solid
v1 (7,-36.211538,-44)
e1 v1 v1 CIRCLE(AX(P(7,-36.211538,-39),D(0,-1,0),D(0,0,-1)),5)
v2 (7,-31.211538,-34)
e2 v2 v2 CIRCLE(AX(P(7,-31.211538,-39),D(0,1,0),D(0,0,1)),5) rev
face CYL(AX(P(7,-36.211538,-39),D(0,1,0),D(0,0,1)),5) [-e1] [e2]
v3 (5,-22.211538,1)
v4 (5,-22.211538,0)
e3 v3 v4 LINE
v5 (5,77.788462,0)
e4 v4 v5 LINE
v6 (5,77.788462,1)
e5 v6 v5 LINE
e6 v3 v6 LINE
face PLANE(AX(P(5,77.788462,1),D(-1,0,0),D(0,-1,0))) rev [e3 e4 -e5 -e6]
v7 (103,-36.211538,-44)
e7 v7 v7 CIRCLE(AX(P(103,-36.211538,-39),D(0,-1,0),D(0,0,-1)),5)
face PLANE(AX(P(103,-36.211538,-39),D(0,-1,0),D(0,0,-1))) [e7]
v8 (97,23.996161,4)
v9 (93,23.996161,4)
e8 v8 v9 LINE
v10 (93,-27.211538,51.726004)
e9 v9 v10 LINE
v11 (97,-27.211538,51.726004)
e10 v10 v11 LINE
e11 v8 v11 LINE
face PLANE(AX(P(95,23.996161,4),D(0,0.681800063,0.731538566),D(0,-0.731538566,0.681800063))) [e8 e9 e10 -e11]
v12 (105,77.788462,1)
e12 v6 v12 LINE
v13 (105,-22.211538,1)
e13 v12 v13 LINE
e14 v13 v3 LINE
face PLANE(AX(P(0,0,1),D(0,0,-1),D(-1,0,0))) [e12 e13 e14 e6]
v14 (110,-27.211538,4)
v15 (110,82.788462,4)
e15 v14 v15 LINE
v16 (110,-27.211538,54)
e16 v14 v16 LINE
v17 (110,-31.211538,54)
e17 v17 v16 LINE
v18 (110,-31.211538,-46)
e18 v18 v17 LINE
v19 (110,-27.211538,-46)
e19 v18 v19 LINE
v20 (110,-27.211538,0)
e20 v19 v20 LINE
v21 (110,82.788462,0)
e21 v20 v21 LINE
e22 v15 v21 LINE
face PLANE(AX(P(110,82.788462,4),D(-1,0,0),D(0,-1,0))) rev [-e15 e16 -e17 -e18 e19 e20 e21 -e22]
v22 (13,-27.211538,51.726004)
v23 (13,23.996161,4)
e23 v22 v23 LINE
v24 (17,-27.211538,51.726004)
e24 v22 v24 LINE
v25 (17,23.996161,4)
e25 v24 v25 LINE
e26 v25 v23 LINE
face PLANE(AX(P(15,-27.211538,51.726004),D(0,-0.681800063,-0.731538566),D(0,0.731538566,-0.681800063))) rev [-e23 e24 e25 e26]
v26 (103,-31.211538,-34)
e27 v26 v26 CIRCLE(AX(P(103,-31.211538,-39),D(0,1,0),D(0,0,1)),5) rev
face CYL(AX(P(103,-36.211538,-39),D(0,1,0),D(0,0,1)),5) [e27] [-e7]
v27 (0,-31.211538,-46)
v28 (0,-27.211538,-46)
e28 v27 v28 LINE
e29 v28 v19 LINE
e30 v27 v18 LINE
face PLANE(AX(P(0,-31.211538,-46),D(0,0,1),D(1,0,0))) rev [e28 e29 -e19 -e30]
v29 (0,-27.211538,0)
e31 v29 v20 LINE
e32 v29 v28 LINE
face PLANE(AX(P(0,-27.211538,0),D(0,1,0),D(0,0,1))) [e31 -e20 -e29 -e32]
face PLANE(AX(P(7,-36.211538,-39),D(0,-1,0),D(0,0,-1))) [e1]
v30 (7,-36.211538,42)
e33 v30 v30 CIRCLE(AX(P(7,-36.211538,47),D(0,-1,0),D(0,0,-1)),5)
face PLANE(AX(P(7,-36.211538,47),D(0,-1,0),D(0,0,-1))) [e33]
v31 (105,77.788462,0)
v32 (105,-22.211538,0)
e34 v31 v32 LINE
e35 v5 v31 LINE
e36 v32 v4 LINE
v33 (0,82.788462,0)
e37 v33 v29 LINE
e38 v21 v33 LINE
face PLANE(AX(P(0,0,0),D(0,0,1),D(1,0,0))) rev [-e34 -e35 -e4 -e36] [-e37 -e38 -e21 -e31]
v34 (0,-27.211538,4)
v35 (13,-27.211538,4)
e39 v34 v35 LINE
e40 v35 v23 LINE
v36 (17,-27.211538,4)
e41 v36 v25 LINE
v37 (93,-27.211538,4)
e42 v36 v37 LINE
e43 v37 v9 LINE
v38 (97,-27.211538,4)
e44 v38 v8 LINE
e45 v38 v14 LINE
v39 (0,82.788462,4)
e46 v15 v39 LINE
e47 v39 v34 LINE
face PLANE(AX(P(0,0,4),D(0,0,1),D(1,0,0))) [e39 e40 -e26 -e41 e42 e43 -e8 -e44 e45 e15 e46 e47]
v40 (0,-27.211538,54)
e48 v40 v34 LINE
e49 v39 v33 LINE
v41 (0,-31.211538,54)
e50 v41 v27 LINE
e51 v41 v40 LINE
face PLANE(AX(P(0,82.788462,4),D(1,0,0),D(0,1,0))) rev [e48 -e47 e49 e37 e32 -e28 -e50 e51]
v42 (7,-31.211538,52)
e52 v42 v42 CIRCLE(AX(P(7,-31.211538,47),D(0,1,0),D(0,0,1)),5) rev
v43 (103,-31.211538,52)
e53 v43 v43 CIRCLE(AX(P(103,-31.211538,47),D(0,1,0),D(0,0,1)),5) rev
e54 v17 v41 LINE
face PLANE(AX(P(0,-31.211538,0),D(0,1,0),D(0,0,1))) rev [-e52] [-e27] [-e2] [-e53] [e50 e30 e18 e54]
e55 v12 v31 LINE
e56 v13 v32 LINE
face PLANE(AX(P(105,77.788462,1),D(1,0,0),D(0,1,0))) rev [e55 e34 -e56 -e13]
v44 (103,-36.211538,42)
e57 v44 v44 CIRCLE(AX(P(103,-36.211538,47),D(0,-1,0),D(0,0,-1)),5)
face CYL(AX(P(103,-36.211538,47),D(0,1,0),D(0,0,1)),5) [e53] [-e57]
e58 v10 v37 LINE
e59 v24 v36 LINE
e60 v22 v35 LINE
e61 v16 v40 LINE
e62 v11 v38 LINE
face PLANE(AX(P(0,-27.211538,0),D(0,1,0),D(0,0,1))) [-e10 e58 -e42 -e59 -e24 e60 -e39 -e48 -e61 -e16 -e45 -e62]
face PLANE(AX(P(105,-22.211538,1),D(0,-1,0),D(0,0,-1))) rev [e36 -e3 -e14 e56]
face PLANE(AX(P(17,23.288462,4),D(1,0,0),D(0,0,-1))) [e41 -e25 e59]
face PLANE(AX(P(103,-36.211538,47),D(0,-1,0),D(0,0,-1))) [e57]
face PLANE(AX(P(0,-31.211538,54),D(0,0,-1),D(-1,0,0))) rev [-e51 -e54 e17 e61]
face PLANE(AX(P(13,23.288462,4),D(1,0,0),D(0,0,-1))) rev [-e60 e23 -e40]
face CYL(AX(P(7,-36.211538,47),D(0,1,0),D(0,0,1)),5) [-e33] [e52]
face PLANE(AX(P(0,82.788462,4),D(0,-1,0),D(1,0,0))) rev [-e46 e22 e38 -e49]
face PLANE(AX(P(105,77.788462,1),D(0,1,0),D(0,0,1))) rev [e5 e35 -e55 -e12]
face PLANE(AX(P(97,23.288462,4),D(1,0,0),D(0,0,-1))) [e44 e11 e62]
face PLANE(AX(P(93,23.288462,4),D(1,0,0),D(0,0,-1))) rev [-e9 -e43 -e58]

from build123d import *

# Parameters (mm, degrees)
ESQUISSE1_W             = 110
ESQUISSE1_H             = 110
BOSS_EXTRU_1_DEPTH      = 4
ESQUISSE2_W             = 110
ESQUISSE2_H             = 100
BOSS_EXTRU_2_DEPTH      = 4
ESQUISSE3_W             = 100
ESQUISSE3_H             = 100
ENL_V_MAT_EXTRU_1_DEPTH = 1
ESQUISSE6_R             = 5
BOSS_EXTRU_3_DEPTH      = 5
NERVURE1_REACH          = 139.095
ESQUISSE8_WALL_W        = 346.189200108
ESQUISSE8_WALL_H        = 4
NERVURE6_REACH          = 139.095
ESQUISSE9_WALL_W        = 346.189200108
ESQUISSE9_WALL_H        = 4


with BuildPart() as part:
    # Esquisse1 → Boss.-Extru.1 (new body)
    with BuildSketch(Plane.XY):
        with Locations((55, 27.788461538)):
            Rectangle(ESQUISSE1_W, ESQUISSE1_H)
    extrude(amount=BOSS_EXTRU_1_DEPTH)

    # Esquisse2 → Boss.-Extru.2 (add)
    with BuildSketch(Plane.XZ.offset(27.211538462)):
        with Locations((55, 4)):
            Rectangle(ESQUISSE2_W, ESQUISSE2_H)
    extrude(amount=BOSS_EXTRU_2_DEPTH)

    # Esquisse3 → Enlèv. mat.-Extru.1 (cut)
    with BuildSketch(Plane(origin=(0, 0, 0), x_dir=(-1, 0, 0), z_dir=(0, 0, -1))):
        with Locations((-55, 27.788461538)):
            Rectangle(ESQUISSE3_W, ESQUISSE3_H)
    extrude(amount=-ENL_V_MAT_EXTRU_1_DEPTH, mode=Mode.SUBTRACT)

    # Esquisse6 → Boss.-Extru.3 (add)
    with BuildSketch(Plane.XZ.offset(31.211538462)):
        with Locations(Location((7, 47, 0), (0, 0, 90))):
            Circle(ESQUISSE6_R)
        with Locations(Location((103, 47, 0), (0, 0, 90))):
            Circle(ESQUISSE6_R)
        with Locations(Location((7, -39, 0), (0, 0, 90))):
            Circle(ESQUISSE6_R)
        with Locations(Location((103, -39, 0), (0, 0, 90))):
            Circle(ESQUISSE6_R)
    extrude(amount=BOSS_EXTRU_3_DEPTH)

    # Esquisse8 wall → Nervure1 (add, up to next)
    with BuildSketch(Plane(origin=(15, -1.607688641, 27.863002208), x_dir=(0, 0.731538566297, -0.681800063083), z_dir=(0, 0.681800063083, 0.731538566297)), mode=Mode.PRIVATE) as nervure1_sk1:
        Rectangle(ESQUISSE8_WALL_W, ESQUISSE8_WALL_H)
    nervure1_tool1 = extrude(nervure1_sk1.sketch, amount=-NERVURE1_REACH, mode=Mode.PRIVATE) - part.part
    add(nervure1_tool1.solids().sort_by_distance((15, -1.607688641, 27.863002208))[0])

    # Esquisse9 wall → Nervure6 (add, up to next)
    with BuildSketch(Plane(origin=(95, -1.607688641, 27.863002208), x_dir=(0, -0.731538566297, 0.681800063083), z_dir=(0, -0.681800063083, -0.731538566297)), mode=Mode.PRIVATE) as nervure6_sk1:
        Rectangle(ESQUISSE9_WALL_W, ESQUISSE9_WALL_H)
    nervure6_tool1 = extrude(nervure6_sk1.sketch, amount=NERVURE6_REACH, mode=Mode.PRIVATE) - part.part
    add(nervure6_tool1.solids().sort_by_distance((95, -1.607688641, 27.863002208))[0])


solid = part.part
